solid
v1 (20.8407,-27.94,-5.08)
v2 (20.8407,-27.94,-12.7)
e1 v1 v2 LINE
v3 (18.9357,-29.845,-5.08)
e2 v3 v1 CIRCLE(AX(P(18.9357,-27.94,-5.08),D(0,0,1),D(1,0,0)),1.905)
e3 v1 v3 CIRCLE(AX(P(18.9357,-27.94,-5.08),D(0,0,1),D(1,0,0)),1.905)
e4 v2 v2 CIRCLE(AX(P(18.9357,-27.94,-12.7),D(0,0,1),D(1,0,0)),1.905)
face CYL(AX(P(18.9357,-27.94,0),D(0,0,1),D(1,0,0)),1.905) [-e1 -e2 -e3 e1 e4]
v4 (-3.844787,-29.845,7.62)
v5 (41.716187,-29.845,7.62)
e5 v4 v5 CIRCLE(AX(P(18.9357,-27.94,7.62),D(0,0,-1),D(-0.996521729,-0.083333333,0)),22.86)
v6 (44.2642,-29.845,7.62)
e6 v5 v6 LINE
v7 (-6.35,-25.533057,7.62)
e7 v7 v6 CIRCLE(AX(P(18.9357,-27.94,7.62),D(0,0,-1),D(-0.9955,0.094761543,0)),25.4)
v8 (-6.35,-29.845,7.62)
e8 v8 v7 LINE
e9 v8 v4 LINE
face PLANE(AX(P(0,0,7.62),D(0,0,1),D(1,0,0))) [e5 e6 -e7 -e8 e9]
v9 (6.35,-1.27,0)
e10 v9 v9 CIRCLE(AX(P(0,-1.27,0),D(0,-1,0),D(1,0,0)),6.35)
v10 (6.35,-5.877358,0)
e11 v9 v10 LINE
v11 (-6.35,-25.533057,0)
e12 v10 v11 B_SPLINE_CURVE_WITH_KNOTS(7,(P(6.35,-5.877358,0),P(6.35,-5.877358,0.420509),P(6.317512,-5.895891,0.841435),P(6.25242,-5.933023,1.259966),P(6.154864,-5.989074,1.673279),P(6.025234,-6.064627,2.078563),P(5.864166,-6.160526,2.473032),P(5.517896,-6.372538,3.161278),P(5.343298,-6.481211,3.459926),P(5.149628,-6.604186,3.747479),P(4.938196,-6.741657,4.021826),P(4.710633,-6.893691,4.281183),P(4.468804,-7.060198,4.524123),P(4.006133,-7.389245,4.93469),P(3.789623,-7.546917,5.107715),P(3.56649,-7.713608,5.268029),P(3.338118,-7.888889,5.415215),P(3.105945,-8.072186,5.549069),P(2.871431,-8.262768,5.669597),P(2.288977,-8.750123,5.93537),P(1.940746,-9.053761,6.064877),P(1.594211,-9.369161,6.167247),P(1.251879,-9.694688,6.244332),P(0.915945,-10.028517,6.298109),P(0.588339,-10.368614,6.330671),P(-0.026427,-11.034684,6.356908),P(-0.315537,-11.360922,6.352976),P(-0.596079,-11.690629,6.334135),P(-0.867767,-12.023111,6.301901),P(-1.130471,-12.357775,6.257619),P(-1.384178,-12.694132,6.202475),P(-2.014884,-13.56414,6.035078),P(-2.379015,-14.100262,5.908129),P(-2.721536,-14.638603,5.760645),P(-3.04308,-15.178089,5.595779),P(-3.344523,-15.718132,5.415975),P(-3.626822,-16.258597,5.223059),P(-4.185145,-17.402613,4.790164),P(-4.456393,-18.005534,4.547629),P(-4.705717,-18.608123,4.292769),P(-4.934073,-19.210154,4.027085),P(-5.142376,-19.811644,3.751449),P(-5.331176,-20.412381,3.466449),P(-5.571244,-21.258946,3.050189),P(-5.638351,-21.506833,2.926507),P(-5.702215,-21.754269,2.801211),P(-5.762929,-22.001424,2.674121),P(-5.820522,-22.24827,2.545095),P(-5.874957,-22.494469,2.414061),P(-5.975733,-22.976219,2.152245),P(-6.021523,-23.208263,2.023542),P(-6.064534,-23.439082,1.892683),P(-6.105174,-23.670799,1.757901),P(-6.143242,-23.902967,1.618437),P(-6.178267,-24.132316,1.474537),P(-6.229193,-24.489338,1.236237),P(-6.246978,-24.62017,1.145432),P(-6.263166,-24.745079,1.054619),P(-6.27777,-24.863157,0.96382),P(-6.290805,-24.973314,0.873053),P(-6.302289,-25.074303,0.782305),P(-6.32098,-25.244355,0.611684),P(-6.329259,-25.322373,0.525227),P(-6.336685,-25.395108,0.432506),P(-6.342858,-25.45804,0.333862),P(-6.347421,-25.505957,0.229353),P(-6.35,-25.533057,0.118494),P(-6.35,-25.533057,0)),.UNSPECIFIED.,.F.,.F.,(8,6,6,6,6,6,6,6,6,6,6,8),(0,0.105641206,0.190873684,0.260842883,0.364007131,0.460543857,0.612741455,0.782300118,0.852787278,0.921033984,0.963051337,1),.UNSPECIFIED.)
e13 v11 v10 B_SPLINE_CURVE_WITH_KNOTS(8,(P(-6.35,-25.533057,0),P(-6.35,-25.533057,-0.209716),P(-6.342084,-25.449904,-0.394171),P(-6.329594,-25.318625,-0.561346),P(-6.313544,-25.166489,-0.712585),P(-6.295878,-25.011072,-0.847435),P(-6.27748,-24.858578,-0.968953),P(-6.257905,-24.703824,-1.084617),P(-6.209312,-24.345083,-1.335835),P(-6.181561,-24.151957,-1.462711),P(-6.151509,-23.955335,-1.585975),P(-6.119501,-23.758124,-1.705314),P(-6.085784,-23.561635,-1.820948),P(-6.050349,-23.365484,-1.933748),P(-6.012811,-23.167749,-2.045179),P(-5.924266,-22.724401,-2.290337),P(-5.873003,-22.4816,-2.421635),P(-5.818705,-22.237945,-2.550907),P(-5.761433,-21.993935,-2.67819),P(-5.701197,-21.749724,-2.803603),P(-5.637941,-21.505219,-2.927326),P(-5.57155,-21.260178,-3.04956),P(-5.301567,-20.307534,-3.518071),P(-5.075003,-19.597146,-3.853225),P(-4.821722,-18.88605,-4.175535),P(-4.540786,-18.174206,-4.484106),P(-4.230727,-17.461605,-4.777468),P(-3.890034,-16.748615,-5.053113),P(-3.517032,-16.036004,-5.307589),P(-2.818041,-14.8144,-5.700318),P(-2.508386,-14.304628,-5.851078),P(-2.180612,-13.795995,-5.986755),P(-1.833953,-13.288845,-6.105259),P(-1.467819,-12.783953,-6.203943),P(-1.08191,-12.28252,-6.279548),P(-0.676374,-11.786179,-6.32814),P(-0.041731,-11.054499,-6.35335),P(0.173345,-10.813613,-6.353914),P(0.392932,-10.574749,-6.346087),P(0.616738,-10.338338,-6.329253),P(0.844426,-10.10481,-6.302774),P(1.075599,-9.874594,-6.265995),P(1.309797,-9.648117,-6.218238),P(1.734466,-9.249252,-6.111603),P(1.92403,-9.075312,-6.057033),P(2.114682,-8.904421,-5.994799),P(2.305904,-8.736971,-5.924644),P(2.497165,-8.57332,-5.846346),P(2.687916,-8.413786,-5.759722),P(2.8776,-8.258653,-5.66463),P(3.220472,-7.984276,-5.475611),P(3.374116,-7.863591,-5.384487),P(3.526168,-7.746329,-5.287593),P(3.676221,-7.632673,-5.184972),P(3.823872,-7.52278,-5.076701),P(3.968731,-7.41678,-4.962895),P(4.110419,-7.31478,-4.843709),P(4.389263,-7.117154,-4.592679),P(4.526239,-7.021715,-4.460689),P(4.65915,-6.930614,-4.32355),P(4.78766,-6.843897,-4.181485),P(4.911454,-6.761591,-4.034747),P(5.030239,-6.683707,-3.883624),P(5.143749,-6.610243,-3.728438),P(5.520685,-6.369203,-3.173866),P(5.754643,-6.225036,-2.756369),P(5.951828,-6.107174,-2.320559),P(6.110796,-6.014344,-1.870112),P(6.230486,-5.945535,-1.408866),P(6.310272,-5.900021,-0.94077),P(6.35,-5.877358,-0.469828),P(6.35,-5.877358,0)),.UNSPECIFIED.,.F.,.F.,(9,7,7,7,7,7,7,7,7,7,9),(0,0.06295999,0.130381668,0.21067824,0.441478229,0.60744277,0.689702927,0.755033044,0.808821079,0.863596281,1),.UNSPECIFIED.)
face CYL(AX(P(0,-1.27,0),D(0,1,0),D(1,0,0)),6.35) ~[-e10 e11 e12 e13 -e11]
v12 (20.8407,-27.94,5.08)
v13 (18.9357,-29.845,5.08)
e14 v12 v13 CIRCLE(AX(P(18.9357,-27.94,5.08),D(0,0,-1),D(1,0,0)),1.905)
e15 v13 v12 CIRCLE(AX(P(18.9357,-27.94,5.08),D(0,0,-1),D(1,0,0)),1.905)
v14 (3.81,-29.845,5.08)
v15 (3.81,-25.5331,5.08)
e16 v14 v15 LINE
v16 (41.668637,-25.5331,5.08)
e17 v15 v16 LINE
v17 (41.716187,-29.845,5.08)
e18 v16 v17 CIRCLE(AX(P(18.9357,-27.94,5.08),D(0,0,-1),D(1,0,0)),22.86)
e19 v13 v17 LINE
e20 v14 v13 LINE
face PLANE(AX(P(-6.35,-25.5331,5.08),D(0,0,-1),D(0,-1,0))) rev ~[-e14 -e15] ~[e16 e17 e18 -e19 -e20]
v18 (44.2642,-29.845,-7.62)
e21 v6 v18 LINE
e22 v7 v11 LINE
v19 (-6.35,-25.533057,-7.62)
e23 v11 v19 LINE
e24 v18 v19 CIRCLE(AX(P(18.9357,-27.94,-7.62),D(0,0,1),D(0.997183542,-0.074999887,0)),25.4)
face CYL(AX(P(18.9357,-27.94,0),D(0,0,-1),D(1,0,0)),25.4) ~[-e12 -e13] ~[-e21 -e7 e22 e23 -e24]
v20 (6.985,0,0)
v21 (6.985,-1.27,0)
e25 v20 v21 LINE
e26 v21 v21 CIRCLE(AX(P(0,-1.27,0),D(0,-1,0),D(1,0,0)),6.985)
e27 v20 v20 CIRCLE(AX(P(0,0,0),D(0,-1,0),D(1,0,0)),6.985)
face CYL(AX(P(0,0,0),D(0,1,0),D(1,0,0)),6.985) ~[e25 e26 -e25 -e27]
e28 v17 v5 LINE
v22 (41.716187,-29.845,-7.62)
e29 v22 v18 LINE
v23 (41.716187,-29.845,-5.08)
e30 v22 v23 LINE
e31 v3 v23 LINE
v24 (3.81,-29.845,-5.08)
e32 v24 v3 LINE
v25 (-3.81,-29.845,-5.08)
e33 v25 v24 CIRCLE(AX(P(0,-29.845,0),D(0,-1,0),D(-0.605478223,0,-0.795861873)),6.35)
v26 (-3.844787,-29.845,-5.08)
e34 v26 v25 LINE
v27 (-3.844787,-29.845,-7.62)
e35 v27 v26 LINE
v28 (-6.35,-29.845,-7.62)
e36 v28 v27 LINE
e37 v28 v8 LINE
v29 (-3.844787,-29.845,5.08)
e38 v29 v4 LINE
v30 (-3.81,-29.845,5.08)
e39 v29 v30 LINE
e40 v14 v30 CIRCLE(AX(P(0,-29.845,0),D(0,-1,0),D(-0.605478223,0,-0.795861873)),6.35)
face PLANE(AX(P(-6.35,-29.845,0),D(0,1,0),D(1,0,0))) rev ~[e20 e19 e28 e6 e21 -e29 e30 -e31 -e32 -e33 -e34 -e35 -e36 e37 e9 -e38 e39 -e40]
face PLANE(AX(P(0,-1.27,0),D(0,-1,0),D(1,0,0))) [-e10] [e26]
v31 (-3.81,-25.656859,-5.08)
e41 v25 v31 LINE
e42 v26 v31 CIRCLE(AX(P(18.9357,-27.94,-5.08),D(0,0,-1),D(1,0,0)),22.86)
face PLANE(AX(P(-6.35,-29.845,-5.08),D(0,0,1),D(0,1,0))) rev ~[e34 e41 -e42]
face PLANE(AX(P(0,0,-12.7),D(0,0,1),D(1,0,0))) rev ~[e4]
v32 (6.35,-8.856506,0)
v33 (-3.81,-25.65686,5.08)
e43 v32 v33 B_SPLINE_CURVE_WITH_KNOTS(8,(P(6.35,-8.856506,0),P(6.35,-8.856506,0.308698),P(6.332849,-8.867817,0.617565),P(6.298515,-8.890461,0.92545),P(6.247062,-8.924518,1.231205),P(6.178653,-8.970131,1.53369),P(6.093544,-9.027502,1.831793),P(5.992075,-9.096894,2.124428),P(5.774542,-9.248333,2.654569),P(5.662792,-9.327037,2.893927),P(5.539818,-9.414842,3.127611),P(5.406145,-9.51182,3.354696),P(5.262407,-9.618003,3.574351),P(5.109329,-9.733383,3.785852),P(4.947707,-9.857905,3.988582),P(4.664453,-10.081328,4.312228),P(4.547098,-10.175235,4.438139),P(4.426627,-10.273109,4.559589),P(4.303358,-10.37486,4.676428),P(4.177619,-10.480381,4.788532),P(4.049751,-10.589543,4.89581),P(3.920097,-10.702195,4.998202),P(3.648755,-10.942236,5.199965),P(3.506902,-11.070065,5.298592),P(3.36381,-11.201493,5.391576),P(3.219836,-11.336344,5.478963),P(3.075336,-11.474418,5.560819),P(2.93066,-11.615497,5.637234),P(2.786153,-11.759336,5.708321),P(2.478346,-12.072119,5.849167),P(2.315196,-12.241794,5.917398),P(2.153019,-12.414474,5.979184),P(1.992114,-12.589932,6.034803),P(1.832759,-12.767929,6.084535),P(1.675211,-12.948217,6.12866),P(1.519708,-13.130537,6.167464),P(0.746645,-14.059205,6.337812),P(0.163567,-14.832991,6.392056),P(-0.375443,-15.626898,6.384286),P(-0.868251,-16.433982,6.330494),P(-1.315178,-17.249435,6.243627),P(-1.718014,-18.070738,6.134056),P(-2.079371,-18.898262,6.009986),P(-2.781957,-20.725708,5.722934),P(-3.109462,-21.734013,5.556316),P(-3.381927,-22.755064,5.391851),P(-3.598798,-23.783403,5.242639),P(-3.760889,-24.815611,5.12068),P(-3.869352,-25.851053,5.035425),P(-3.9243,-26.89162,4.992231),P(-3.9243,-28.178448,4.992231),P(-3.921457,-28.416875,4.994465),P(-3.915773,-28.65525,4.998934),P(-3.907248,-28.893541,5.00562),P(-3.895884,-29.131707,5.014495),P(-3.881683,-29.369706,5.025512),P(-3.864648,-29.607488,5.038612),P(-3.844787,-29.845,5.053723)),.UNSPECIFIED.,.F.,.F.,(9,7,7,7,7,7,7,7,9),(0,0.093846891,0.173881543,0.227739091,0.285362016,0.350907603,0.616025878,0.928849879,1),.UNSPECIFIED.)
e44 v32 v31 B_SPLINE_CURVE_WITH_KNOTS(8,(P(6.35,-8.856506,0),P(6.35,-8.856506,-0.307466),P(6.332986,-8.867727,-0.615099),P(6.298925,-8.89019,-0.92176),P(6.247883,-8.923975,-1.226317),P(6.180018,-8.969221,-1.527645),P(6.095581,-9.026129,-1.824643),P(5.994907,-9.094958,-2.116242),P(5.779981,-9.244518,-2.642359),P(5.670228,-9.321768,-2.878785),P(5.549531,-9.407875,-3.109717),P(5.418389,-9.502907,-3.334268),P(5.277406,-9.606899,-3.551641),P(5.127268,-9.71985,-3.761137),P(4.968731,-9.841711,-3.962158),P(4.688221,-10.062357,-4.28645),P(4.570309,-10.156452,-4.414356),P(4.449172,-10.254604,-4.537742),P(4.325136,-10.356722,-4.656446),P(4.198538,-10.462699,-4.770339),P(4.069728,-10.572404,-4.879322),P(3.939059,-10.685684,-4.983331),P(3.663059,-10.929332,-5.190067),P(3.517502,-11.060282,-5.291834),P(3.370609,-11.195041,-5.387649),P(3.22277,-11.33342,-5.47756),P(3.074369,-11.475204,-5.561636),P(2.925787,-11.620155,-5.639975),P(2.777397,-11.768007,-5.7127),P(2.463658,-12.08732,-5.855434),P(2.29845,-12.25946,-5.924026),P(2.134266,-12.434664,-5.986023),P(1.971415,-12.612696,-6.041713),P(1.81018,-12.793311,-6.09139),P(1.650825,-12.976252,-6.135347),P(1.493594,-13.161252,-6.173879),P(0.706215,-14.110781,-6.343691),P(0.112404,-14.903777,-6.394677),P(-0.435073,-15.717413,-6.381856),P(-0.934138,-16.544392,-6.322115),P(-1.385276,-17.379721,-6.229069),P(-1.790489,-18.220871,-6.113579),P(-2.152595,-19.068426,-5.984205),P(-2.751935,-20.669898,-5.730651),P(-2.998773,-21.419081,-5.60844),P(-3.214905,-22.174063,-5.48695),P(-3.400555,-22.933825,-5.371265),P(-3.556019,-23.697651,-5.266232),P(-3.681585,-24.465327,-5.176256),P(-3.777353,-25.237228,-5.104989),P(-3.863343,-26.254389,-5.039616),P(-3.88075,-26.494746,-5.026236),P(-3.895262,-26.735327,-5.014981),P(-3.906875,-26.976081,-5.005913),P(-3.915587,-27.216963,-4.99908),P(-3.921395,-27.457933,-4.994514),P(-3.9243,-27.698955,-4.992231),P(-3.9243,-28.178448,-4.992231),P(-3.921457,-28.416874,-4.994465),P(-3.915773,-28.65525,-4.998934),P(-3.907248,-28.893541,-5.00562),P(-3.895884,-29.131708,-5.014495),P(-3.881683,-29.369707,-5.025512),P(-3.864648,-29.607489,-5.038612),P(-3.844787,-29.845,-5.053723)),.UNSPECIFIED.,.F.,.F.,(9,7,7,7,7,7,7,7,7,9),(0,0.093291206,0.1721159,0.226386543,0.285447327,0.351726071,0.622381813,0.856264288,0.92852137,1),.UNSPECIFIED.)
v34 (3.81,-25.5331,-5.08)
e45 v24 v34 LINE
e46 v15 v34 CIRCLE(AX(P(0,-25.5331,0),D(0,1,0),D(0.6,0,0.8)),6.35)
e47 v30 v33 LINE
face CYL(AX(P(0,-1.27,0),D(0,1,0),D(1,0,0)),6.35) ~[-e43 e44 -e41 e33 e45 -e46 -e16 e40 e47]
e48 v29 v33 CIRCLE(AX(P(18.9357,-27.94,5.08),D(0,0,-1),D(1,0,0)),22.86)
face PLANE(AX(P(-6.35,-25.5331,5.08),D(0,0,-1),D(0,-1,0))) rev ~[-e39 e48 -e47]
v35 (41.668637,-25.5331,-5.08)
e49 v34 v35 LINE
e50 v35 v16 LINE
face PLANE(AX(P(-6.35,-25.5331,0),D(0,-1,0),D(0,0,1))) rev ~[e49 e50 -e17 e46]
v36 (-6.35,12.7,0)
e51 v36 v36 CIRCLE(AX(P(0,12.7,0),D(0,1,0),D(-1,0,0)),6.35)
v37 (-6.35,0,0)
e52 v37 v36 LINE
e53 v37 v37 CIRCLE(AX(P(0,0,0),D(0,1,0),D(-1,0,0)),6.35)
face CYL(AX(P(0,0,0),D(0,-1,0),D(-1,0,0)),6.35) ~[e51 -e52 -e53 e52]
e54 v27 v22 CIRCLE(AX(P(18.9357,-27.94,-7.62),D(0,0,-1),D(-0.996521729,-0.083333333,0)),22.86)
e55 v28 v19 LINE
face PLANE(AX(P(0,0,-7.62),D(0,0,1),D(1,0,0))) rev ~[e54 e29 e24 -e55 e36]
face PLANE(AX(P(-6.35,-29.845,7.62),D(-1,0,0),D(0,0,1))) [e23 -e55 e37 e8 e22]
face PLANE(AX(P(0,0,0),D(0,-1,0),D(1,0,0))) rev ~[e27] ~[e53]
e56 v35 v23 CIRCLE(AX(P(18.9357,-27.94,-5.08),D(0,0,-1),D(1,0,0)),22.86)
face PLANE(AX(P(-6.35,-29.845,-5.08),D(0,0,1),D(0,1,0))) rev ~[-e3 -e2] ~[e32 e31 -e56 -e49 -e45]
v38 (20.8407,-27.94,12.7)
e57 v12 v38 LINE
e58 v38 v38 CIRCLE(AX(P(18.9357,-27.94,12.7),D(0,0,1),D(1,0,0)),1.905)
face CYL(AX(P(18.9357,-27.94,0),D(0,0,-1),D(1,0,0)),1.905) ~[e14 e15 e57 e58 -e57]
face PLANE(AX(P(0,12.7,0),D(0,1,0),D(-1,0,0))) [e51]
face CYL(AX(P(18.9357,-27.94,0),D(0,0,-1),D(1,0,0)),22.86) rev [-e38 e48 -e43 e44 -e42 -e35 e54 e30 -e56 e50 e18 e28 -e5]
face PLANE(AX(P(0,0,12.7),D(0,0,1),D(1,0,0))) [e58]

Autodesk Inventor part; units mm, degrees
ref_plane "YZ Plane" through (0, 0, 0) normal (1, 0, 0) x (0, 1, 0)
ref_plane "XZ Plane" through (0, 0, 0) normal (0, 1, 0) x (-1, 0, 0)
ref_plane "XY Plane" through (0, 0, 0) normal (0, 0, 1) x (1, 0, 0)
sketch "Sketch1" plane through (0, 0, 0) normal (0, 1, 0) x (-1, 0, 0)
  circle A0 centre (0, 0) radius 6.35
  dimension "d0" = 12.7
extrude "Extrusion1" add sketch "Sketch1" along normal blind 12.7
sketch "Sketch2" plane through (0, 0, 0) normal (0, -1, 0) x (1, 0, 0)
  circle A0 centre (0, 0) radius 6.985
  dimension "d3" = 13.97
extrude "Extrusion2" add sketch "Sketch2" along normal blind 1.27
sketch "Sketch3" plane through (0, -1.27, 0) normal (0, -1, 0) x (1, 0, 0)
  circle A0 centre (0, 0) radius 6.35
  dimension "d6" = 12.7
extrude "Extrusion3" add sketch "Sketch3" along normal blind 28.575
sketch "Sketch4" plane through (0, 0, 0) normal (0, 0, 1) x (1, 0, 0)
  line L0 (-6.35, -29.845) -> (6.35, -29.845) projected
  line L1 (-6.35, -29.845) -> (-6.35, -1.27)
  line L2 (-6.985, -1.27) -> (6.985, -1.27) projected
  line L3 (-6.35, -1.27) -> (-6.35, -29.845) projected
  circle A0 centre (18.9357, -27.94) radius 25.4
  circle A1 centre (18.9357, -27.94) radius 22.86
  line L4 (-6.3928, -29.845) -> (44.2642, -29.845)
  point P0 (0, 0)
  point P1 (0, -1.27)
  point P2 (41.7162, -29.845)
  point P3 (-3.8448, -29.845)
  point P4 (-6.35, -25.5331)
  dimension "d11" = 45.72
  dimension "d12" = 26.67
  dimension "d13" = 50.8
  dimension "d14" = 25.2857
extrude "Extrusion4" add sketch "Sketch4" along normal mid plane 15.24 contours L1 A0 L4 A1 L0
sketch "Sketch5" plane through (-6.35, -29.845, 7.62) normal (-1, 0, 0) x (0, 0, 1)
  line L0 (-2.54, 4.318) -> (-2.54, 0)
  line L1 (-2.54, 0) -> (-12.7, 0)
  line L2 (-12.7, 0) -> (-12.7, 4.318)
  line L3 (0, 4.3119) -> (0, 0) projected
  line L4 (-15.24, 0) -> (-15.24, 4.3119) projected
  line L5 (-7.62, 4.3119) -> (0, 4.3119) projected
  line L6 (-12.7, 4.3119) -> (-2.54, 4.3119)
  point P0 (-7.62, 29.845)
  point P1 (-2.5663, 0)
  point P2 (-3.81, 4.3119)
  point P3 (-2.54, 4.3119)
  dimension "d17" = 2.54
  dimension "d18" = 2.54
  dimension "d21" = 4.3119
  dimension "d22" = 0.0061
  dimension "d23" = 0.0061
extrude "Extrusion5" add sketch "Sketch5" against normal blind 50.165
sketch "Sketch6" plane through (0, 0, 0) normal (0, 0, 1) x (1, 0, 0)
  arc A0 (41.7162, -29.845) -> (-3.8448, -29.845) centre (18.9357, -27.94) ccw projected
  circle A1 centre (18.9357, -27.94) radius 1.905
  point P0 (0, 0)
  point P1 (4.5348, -10.1863)
  point P2 (0, -15.133)
  dimension "d26" = 3.81
extrude "Extrusion6" add sketch "Sketch6" along normal mid plane 25.4
properties part number "Wheel sheild (H)"
